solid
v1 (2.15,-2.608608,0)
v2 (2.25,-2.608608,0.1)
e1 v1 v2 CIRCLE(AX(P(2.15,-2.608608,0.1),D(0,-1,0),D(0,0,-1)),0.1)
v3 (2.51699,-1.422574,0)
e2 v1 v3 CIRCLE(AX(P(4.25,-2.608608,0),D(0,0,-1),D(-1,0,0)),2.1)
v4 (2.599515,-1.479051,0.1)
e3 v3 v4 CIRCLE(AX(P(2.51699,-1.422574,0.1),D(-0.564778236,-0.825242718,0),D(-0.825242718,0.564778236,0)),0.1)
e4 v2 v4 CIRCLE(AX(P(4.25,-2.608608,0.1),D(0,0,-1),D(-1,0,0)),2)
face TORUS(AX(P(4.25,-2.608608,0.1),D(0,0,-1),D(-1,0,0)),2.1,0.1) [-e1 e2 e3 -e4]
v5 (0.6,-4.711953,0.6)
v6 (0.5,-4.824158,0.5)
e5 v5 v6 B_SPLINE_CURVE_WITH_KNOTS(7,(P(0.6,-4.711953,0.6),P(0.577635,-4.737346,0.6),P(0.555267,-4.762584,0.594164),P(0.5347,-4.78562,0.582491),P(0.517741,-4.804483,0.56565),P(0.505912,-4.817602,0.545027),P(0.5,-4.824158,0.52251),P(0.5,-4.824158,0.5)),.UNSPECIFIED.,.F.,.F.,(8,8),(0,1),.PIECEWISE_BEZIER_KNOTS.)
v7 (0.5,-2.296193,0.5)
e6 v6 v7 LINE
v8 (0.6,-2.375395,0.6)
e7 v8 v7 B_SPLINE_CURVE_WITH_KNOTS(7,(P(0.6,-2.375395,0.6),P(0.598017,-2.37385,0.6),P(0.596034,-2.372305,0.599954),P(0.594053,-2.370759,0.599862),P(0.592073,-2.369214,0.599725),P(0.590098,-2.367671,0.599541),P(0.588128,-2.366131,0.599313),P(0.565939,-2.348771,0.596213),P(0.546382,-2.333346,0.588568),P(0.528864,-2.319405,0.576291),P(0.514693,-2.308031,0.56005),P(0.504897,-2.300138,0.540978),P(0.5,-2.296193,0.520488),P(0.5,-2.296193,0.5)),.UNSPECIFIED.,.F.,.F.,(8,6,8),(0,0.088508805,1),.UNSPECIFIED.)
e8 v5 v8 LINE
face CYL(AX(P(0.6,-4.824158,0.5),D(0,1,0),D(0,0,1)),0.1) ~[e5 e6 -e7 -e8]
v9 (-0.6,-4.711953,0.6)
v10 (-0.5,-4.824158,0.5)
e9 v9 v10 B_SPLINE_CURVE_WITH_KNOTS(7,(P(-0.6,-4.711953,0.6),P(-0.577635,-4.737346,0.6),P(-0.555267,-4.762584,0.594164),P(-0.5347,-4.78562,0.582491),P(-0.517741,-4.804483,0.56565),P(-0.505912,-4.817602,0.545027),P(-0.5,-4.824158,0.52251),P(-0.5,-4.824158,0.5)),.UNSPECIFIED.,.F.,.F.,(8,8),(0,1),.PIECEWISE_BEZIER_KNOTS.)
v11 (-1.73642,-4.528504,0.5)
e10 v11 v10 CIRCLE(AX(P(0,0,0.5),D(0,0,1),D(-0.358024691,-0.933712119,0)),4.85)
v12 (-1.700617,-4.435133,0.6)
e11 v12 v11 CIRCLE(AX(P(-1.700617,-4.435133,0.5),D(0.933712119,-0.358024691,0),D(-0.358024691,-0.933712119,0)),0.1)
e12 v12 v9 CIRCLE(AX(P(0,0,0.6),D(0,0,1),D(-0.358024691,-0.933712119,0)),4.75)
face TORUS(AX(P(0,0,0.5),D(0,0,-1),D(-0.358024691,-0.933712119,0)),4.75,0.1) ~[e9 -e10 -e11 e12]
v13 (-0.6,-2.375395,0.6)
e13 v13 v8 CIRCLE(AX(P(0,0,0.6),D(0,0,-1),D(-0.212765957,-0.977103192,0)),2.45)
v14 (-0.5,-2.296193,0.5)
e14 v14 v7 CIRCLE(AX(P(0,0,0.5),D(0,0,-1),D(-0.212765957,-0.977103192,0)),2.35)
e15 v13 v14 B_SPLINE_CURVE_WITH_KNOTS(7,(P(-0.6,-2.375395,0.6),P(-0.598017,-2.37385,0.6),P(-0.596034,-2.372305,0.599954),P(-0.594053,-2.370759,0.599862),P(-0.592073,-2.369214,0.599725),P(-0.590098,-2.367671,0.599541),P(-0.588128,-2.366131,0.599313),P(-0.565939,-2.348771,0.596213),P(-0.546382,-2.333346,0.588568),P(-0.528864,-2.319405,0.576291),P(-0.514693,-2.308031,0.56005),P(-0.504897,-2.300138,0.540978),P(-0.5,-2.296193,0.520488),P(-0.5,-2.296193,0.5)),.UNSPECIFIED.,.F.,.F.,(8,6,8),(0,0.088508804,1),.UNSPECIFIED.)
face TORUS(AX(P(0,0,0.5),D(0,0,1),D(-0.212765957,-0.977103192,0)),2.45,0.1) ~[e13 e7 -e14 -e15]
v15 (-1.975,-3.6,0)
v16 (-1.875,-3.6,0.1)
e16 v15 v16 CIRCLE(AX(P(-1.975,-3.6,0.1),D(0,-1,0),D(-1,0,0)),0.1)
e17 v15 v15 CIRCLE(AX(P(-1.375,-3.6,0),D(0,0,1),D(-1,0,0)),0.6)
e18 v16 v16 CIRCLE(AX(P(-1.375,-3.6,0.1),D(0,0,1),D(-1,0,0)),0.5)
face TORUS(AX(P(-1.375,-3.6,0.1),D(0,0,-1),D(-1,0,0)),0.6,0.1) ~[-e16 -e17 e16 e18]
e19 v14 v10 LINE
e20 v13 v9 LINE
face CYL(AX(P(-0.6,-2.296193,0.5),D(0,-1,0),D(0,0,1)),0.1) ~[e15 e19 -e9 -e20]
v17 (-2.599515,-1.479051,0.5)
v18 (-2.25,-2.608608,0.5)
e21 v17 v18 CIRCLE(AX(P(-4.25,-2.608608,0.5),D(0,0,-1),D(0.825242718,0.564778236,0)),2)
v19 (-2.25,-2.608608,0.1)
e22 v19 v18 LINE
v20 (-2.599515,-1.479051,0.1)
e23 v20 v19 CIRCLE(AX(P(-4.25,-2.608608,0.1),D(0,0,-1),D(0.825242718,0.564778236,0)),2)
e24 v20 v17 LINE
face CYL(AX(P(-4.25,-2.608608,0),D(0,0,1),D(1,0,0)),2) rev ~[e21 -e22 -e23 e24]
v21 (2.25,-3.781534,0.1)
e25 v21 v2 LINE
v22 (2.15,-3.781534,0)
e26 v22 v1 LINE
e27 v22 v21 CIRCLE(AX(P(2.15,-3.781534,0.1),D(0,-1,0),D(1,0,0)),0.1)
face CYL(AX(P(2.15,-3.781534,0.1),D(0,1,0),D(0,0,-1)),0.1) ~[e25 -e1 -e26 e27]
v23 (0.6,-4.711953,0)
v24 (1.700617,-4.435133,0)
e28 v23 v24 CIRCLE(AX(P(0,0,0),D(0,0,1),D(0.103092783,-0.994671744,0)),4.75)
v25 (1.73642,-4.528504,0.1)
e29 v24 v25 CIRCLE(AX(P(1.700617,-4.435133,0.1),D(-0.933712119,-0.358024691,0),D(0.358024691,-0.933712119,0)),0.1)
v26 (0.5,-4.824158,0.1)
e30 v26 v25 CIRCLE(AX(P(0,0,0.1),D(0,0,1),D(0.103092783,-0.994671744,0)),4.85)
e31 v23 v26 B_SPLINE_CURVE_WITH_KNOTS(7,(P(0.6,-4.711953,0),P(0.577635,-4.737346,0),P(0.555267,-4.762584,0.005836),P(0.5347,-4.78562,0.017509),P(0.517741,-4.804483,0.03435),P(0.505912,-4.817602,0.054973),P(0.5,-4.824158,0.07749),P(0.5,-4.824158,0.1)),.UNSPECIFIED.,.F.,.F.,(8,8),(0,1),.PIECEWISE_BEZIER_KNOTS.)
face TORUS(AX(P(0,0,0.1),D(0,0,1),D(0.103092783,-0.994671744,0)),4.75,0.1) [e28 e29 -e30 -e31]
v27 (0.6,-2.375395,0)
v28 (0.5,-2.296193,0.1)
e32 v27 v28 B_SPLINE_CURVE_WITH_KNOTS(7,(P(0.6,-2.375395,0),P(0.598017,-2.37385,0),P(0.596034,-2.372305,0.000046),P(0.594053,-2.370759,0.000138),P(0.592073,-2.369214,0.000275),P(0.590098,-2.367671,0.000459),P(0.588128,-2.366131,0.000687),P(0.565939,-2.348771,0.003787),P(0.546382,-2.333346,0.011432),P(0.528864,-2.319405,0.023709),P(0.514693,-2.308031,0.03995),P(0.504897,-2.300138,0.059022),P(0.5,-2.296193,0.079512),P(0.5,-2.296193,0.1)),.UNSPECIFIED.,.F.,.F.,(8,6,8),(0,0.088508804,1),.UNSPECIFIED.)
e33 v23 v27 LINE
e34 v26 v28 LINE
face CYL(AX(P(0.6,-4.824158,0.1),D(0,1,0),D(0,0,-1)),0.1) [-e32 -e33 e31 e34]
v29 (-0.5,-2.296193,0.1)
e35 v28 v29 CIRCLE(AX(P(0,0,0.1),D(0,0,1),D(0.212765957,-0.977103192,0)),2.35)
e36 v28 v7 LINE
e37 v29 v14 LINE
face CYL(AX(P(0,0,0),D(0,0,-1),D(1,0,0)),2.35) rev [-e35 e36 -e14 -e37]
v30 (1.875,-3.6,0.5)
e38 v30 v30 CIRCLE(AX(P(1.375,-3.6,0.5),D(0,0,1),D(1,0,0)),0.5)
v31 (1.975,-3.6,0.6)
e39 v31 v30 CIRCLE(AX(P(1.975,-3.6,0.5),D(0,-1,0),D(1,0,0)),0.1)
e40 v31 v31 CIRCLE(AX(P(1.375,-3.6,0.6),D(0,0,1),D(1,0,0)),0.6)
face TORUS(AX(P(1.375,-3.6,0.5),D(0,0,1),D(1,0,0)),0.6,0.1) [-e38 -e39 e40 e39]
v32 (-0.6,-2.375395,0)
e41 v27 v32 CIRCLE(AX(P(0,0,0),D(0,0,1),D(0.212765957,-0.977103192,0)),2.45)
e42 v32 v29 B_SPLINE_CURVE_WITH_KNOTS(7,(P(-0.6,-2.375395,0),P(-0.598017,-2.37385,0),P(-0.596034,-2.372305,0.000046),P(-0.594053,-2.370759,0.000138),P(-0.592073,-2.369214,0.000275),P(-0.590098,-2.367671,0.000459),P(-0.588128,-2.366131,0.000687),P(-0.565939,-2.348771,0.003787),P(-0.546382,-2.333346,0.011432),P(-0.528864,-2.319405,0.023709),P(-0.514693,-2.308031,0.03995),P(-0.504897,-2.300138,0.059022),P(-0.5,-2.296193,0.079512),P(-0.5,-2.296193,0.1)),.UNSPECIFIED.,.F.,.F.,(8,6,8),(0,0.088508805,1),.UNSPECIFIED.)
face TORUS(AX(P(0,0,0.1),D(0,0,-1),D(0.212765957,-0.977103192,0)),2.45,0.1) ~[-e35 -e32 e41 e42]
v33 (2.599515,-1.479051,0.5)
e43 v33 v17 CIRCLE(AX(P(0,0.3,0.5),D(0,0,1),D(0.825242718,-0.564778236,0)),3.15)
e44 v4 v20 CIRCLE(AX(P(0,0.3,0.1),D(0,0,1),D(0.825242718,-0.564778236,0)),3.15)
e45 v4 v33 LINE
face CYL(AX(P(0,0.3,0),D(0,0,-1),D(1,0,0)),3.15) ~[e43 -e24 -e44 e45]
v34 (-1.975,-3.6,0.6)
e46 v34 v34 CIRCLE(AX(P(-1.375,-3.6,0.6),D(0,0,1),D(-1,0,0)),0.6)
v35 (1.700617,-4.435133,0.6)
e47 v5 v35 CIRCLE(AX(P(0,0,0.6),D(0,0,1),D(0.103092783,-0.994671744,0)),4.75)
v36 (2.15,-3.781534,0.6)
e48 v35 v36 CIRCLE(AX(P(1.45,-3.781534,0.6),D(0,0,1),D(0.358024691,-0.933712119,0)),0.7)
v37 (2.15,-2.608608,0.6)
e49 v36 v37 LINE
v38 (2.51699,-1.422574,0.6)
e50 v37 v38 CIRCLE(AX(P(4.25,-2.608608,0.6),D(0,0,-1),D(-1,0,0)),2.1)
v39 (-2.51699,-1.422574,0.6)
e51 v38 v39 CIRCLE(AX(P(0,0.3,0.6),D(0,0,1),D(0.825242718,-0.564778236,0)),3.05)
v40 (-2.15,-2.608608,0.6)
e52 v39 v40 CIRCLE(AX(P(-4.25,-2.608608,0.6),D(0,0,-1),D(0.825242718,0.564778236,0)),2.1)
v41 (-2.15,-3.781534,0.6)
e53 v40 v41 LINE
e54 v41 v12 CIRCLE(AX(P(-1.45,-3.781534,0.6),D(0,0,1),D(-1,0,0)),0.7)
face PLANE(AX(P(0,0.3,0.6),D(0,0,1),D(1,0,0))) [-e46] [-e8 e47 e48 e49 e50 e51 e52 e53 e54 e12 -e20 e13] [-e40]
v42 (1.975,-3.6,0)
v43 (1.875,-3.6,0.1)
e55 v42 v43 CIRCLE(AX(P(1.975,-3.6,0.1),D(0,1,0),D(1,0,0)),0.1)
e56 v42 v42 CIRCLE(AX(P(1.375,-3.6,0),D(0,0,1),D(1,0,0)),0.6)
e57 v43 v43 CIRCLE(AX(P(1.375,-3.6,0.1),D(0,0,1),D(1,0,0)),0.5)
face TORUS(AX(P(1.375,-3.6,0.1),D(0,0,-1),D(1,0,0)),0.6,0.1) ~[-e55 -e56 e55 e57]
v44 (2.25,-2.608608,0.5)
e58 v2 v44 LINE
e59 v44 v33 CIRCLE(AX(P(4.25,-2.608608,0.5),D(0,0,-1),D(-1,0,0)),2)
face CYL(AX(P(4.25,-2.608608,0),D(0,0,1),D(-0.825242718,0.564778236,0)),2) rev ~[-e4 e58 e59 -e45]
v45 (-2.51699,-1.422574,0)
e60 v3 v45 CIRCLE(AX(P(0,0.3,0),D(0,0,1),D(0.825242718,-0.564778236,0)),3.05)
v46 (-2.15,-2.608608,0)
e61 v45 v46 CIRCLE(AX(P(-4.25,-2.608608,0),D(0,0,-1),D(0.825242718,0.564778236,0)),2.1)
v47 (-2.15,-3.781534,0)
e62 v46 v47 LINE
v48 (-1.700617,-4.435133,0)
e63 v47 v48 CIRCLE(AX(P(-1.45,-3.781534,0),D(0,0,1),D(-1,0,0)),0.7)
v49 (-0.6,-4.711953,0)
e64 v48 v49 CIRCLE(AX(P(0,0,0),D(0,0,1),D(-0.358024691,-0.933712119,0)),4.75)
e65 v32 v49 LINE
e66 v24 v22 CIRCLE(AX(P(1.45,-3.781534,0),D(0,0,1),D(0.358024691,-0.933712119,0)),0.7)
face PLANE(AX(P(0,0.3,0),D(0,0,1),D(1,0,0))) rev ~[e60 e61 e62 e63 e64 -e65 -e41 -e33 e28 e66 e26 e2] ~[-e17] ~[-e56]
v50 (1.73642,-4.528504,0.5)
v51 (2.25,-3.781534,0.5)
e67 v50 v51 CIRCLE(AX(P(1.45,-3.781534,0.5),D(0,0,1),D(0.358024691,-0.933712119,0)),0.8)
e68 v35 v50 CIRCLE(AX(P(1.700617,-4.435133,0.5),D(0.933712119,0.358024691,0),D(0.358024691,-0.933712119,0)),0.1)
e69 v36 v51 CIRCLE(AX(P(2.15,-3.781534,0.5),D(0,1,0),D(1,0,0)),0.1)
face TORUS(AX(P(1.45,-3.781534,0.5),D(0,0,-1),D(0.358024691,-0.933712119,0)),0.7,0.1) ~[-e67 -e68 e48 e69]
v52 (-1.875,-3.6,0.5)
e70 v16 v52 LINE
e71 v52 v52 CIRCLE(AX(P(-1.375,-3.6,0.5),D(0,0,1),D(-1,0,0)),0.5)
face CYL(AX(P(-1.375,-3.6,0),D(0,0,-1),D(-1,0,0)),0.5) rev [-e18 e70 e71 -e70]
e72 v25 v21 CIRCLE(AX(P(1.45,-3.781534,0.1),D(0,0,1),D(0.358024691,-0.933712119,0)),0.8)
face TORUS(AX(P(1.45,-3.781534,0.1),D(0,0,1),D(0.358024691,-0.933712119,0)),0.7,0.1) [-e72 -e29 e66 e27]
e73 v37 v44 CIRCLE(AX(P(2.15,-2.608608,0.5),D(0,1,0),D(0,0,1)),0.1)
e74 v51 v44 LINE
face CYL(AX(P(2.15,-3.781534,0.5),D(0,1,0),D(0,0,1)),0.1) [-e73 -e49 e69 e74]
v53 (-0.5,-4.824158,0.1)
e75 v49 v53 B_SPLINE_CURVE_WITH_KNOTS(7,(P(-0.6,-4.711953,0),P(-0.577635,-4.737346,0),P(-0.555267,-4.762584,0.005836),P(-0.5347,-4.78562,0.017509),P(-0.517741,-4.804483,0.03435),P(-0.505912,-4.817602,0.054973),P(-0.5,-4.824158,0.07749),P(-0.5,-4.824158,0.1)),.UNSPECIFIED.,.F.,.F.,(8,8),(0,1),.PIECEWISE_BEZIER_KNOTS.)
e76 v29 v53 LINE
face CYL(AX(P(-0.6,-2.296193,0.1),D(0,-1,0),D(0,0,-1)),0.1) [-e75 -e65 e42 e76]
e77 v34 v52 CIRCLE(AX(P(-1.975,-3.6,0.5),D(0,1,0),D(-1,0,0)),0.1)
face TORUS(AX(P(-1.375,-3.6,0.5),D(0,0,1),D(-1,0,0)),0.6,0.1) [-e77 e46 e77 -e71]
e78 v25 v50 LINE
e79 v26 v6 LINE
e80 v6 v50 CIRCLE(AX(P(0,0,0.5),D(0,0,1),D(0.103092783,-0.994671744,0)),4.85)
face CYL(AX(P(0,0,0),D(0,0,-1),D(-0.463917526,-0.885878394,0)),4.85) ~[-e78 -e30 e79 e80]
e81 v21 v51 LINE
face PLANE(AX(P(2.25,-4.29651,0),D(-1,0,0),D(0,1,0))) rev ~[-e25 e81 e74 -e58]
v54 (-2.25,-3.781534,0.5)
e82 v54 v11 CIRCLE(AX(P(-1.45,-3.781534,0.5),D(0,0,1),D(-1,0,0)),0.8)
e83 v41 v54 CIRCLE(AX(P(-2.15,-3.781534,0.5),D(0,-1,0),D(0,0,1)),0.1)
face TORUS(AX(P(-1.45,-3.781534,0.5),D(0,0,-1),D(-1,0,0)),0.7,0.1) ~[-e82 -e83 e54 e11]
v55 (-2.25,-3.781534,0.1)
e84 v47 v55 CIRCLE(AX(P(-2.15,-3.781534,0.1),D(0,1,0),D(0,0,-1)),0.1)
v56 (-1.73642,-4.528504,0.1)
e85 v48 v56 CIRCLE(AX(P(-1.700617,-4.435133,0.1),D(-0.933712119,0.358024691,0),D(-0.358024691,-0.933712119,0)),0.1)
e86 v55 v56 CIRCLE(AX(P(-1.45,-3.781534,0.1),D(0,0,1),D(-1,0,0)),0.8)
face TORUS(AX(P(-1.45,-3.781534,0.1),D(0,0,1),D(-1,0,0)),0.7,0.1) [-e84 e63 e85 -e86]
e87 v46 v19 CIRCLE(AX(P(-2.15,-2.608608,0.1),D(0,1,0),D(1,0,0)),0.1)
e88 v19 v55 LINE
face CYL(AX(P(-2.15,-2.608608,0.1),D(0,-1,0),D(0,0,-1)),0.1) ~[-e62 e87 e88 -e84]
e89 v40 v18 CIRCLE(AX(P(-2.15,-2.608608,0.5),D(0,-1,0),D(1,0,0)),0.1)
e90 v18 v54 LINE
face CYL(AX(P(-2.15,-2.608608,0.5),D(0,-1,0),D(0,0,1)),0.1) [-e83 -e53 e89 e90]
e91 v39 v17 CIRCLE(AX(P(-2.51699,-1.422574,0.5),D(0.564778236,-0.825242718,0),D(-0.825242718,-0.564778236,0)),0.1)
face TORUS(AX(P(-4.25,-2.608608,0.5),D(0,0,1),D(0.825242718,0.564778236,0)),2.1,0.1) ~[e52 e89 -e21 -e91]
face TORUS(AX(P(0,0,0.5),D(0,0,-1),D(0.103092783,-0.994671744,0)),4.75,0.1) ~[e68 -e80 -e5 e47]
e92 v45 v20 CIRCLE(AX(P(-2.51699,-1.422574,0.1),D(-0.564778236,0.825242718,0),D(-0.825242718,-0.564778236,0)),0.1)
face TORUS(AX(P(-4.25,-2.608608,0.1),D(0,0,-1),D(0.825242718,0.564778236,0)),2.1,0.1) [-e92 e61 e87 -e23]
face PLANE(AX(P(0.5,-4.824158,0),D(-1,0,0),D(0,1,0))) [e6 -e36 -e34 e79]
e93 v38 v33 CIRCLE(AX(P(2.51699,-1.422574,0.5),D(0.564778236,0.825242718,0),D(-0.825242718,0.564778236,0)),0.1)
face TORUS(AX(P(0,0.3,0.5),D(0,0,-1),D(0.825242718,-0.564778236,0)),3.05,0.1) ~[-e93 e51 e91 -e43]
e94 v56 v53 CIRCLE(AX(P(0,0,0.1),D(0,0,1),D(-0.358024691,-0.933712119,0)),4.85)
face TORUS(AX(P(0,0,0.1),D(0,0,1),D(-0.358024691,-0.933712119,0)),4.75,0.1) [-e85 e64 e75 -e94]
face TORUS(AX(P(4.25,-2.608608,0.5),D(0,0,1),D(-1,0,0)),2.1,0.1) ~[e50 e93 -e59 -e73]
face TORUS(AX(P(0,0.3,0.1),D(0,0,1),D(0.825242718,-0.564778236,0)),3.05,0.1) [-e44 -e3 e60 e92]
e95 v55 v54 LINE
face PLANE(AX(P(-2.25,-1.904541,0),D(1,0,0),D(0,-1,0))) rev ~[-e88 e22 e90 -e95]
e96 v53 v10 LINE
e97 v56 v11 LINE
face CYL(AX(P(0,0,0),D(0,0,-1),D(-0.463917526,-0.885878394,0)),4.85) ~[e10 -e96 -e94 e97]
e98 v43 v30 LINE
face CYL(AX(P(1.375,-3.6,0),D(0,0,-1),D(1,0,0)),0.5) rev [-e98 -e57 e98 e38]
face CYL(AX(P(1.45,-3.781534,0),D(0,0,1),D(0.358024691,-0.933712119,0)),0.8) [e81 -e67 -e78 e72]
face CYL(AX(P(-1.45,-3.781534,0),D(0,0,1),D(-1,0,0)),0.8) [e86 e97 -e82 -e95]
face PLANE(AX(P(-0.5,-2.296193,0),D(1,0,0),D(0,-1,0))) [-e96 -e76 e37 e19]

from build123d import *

# Parameters (mm, degrees)
SKETCH_1_R          = 3.15
SKETCH_1_R_2        = 2.35
EXTRUDE_1_DEPTH     = 0.6
EXTRUDE_START       = -0.6
EXTRUDE_2_DEPTH     = 0.6
CUT_EXTRUDE_START   = -0.6
SKETCH_3_R          = 0.5
CUT_EXTRUDE_1_DEPTH = 0.6
FILLET_1_R          = 0.8
FILLET_2_R          = 2
FILLET_3_R          = 0.1


with BuildPart() as part:
    # 草图1 → 凸台-拉伸1 (new body)
    with BuildSketch(Plane.XY):
        with Locations((0, 0.3)):
            Circle(SKETCH_1_R)
        Circle(SKETCH_1_R_2, mode=Mode.SUBTRACT)
    extrude(amount=EXTRUDE_1_DEPTH)

    # 草图2 → 凸台-拉伸2 (add)
    with BuildSketch(Plane.XY.offset(0.6).offset(EXTRUDE_START)):
        with BuildLine():
            Line((2.25, -4.296510212), (2.25, -1.904540769))
            ThreePointArc((2.25, -1.904540769), (0, -2.85), (-2.25, -1.904540769))
            Line((-2.25, -1.904540769), (-2.25, -4.296510212))
            ThreePointArc((-2.25, -4.296510212), (0, -4.85), (2.25, -4.296510212))
        make_face()
    extrude(amount=EXTRUDE_2_DEPTH)

    # 草图3 → 切除-拉伸1 (cut)
    with BuildSketch(Plane.XY.offset(0.6).offset(CUT_EXTRUDE_START)):
        with Locations((1.375, -3.6)):
            Circle(SKETCH_3_R)
        with Locations(Location((-1.375, -3.6, 0), (0, 0, 180))):
            Circle(SKETCH_3_R)
        with BuildLine():
            Line((0.5, -4.824157958), (0.5, -2.296192501))
            ThreePointArc((0.5, -2.296192501), (0, -2.35), (-0.5, -2.296192501))
            Line((-0.5, -2.296192501), (-0.5, -4.824157958))
            ThreePointArc((-0.5, -4.824157958), (0, -4.85), (0.5, -4.824157958))
        make_face()
    extrude(amount=CUT_EXTRUDE_1_DEPTH, mode=Mode.SUBTRACT)

    # 圆角1
    fillet_1_edges = [part.edges().sort_by_distance(p)[0] for p in [
        (2.25, -4.296510212, 0.3),
        (-2.25, -4.296510212, 0.3),
    ]]
    fillet(fillet_1_edges, radius=FILLET_1_R)

    # 圆角2
    fillet_2_edges = [part.edges().sort_by_distance(p)[0] for p in [
        (-2.25, -1.904540769, 0.3),
        (2.25, -1.904540769, 0.3),
    ]]
    fillet(fillet_2_edges, radius=FILLET_2_R)

    # 圆角3
    fillet_3_edges = [part.edges().sort_by_distance(p)[0] for p in [
        (1.127938907, -4.717017471, 0.6),
        (1.127938907, -4.717017471, 0),
        (0, 2.35, 0.6),
        (0, 2.35, 0),
        (0.875, -3.6, 0),
        (0.875, -3.6, 0.6),
        (-0.875, -3.6, 0),
        (-0.875, -3.6, 0.6),
        (-0.5, -3.560175229, 0),
        (0.5, -3.560175229, 0),
        (0.5, -3.560175229, 0.6),
        (-0.5, -3.560175229, 0.6),
        (2.25, -3.195070997, 0.6),
        (-1.127938907, -4.717017471, 0.6),
        (-2.109217643, -4.234780259, 0.6),
        (2.109217643, -4.234780259, 0.6),
        (2.25, -3.195070997, 0),
        (-1.127938907, -4.717017471, 0),
        (-2.109217643, -4.234780259, 0),
        (2.109217643, -4.234780259, 0),
        (0, 3.45, 0),
        (0, 3.45, 0.6),
        (-2.25, -3.195070997, 0),
        (-2.25, -3.195070997, 0.6),
        (-2.339375642, -2.017410348, 0.6),
        (-2.339375642, -2.017410348, 0),
        (2.339375642, -2.017410348, 0.6),
        (2.339375642, -2.017410348, 0),
    ]]
    fillet(fillet_3_edges, radius=FILLET_3_R)


solid = part.part
